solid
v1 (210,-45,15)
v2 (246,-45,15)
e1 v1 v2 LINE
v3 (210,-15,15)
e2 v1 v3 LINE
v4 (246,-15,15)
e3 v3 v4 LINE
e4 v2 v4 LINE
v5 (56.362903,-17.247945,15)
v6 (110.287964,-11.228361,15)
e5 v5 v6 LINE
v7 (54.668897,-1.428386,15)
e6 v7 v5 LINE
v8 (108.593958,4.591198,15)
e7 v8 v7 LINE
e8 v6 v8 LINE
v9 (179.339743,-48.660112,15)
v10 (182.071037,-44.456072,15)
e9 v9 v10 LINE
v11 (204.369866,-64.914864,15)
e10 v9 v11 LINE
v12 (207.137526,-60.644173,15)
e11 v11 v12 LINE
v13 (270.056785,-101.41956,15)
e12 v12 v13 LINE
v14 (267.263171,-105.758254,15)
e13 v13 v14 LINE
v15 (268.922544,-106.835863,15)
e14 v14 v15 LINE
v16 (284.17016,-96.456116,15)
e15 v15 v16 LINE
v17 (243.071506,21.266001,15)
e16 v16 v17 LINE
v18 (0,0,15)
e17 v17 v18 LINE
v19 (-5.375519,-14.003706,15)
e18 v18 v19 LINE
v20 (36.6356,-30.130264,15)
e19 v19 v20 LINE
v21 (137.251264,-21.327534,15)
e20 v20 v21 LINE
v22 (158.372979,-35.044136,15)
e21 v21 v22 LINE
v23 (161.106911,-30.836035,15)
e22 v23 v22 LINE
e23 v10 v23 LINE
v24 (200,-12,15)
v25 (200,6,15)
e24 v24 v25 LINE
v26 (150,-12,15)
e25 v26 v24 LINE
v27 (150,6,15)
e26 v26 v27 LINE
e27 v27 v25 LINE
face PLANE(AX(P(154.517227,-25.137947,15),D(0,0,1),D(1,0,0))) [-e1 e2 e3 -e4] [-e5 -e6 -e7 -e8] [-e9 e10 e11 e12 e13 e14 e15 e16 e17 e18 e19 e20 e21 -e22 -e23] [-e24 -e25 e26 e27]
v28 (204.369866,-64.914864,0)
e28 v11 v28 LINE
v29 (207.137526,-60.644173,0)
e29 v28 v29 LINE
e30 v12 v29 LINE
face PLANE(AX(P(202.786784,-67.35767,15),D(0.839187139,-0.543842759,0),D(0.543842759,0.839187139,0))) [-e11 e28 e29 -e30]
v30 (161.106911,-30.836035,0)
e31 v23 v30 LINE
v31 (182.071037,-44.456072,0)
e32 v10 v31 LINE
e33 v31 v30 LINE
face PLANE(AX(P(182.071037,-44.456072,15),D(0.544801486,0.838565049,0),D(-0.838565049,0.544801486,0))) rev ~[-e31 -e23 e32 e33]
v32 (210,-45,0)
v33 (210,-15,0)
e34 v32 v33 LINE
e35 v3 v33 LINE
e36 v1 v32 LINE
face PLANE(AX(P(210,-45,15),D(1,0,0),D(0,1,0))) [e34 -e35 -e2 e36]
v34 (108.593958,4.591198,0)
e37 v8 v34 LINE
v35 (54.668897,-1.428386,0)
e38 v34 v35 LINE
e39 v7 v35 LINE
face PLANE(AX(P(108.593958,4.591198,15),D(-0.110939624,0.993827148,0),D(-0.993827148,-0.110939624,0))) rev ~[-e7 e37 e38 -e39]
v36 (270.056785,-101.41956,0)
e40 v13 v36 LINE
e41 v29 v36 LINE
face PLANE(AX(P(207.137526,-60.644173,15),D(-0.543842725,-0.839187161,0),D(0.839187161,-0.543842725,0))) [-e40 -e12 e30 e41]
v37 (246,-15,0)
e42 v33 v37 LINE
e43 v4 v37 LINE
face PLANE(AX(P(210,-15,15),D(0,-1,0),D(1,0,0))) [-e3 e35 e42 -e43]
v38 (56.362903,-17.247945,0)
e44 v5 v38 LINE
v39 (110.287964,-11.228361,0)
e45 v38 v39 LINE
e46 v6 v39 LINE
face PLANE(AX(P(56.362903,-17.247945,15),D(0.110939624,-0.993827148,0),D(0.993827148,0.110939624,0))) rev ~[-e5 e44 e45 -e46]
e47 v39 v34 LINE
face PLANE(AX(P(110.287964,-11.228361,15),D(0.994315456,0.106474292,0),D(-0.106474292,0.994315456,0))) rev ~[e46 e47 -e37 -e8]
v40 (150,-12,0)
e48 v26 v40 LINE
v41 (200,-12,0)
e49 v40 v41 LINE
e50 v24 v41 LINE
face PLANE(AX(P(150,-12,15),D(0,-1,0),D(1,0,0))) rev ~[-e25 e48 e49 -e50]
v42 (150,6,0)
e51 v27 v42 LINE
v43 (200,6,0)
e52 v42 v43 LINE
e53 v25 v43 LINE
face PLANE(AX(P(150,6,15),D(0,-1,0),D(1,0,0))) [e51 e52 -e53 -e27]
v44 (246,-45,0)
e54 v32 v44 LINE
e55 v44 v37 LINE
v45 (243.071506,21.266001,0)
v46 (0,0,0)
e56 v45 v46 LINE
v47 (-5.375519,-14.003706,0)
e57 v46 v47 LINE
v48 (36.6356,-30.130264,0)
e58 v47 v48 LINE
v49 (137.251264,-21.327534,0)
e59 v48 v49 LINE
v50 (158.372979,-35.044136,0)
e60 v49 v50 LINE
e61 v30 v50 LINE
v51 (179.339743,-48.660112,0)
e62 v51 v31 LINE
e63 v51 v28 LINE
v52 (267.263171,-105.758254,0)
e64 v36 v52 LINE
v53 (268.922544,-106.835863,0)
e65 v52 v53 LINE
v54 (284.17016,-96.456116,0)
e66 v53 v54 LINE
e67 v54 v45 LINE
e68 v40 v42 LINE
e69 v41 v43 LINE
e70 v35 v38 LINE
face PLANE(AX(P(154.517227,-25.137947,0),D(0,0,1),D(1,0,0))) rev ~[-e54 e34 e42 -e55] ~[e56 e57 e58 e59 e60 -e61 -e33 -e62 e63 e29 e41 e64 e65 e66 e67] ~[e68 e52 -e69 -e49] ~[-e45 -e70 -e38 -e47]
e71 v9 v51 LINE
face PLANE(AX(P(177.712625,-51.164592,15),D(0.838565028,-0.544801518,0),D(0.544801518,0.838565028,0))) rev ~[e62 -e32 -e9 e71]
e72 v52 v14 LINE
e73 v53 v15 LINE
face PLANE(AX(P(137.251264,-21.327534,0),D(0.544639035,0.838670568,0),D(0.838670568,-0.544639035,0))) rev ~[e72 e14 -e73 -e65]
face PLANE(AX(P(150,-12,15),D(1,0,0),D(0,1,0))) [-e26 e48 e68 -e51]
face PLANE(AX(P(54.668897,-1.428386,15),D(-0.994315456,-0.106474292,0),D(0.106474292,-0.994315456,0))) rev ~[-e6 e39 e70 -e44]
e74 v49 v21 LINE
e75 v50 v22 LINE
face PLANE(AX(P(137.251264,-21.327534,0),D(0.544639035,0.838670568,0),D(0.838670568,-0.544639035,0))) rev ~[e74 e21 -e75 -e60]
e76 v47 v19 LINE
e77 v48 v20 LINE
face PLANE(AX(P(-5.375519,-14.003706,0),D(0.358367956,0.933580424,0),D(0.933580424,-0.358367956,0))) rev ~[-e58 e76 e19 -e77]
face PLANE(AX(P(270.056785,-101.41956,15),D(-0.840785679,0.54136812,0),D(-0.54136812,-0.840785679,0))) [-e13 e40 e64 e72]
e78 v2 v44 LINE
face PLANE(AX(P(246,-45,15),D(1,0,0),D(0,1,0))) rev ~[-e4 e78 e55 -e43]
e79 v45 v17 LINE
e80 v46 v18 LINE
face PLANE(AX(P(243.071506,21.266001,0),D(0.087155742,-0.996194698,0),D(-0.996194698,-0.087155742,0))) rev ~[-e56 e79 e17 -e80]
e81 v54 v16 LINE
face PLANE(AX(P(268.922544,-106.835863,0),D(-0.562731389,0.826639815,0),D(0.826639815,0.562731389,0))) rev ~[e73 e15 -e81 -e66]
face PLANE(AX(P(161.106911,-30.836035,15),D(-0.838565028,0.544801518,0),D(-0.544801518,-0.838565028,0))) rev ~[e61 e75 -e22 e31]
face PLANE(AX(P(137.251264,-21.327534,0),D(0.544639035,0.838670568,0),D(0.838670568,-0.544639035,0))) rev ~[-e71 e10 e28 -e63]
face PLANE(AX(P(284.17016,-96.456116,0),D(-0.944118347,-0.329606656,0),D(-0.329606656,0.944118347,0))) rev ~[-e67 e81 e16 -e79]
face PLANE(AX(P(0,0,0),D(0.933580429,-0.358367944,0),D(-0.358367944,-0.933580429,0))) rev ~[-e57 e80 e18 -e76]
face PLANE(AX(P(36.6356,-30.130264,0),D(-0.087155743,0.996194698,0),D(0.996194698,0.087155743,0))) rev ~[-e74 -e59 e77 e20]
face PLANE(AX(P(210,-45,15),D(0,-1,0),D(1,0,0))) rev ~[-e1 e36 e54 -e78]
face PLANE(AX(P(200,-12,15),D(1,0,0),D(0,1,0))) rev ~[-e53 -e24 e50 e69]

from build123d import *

# Parameters (mm, degrees)
PAD_DEPTH    = 15
SKETCH_W     = 36
SKETCH_H     = 30
SKETCH_W_2   = 50
SKETCH_H_2   = 18
POCKET_DEPTH = 15


with BuildPart() as part:
    # Sketch001 → Pad (new body)
    with BuildSketch(Plane.XY):
        Polygon((-5.375519, -14.003706), (36.6356, -30.130264), (137.251264, -21.327534), (268.922544, -106.835863), (284.17016, -96.456116), (243.071506, 21.266001), (0, 0), align=None)
    extrude(amount=PAD_DEPTH)

    # Sketch (on Face9 of Pad) → Pocket (cut)
    with BuildSketch(Plane.XY.offset(15)):
        with Locations((228, -30)):
            Rectangle(SKETCH_W, SKETCH_H)
        with Locations((175, -3)):
            Rectangle(SKETCH_W_2, SKETCH_H_2)
        Polygon((54.668897, -1.428386), (56.362903, -17.247945), (110.287964, -11.228361), (108.593958, 4.591198), align=None)
        Polygon((202.786784, -67.35767), (207.137526, -60.644173), (270.056785, -101.41956), (265.725821, -108.145875), align=None)
        Polygon((156.748499, -37.544555), (177.712625, -51.164592), (182.071037, -44.456072), (161.106911, -30.836035), align=None)
    extrude(amount=-POCKET_DEPTH, mode=Mode.SUBTRACT)


solid = part.part
